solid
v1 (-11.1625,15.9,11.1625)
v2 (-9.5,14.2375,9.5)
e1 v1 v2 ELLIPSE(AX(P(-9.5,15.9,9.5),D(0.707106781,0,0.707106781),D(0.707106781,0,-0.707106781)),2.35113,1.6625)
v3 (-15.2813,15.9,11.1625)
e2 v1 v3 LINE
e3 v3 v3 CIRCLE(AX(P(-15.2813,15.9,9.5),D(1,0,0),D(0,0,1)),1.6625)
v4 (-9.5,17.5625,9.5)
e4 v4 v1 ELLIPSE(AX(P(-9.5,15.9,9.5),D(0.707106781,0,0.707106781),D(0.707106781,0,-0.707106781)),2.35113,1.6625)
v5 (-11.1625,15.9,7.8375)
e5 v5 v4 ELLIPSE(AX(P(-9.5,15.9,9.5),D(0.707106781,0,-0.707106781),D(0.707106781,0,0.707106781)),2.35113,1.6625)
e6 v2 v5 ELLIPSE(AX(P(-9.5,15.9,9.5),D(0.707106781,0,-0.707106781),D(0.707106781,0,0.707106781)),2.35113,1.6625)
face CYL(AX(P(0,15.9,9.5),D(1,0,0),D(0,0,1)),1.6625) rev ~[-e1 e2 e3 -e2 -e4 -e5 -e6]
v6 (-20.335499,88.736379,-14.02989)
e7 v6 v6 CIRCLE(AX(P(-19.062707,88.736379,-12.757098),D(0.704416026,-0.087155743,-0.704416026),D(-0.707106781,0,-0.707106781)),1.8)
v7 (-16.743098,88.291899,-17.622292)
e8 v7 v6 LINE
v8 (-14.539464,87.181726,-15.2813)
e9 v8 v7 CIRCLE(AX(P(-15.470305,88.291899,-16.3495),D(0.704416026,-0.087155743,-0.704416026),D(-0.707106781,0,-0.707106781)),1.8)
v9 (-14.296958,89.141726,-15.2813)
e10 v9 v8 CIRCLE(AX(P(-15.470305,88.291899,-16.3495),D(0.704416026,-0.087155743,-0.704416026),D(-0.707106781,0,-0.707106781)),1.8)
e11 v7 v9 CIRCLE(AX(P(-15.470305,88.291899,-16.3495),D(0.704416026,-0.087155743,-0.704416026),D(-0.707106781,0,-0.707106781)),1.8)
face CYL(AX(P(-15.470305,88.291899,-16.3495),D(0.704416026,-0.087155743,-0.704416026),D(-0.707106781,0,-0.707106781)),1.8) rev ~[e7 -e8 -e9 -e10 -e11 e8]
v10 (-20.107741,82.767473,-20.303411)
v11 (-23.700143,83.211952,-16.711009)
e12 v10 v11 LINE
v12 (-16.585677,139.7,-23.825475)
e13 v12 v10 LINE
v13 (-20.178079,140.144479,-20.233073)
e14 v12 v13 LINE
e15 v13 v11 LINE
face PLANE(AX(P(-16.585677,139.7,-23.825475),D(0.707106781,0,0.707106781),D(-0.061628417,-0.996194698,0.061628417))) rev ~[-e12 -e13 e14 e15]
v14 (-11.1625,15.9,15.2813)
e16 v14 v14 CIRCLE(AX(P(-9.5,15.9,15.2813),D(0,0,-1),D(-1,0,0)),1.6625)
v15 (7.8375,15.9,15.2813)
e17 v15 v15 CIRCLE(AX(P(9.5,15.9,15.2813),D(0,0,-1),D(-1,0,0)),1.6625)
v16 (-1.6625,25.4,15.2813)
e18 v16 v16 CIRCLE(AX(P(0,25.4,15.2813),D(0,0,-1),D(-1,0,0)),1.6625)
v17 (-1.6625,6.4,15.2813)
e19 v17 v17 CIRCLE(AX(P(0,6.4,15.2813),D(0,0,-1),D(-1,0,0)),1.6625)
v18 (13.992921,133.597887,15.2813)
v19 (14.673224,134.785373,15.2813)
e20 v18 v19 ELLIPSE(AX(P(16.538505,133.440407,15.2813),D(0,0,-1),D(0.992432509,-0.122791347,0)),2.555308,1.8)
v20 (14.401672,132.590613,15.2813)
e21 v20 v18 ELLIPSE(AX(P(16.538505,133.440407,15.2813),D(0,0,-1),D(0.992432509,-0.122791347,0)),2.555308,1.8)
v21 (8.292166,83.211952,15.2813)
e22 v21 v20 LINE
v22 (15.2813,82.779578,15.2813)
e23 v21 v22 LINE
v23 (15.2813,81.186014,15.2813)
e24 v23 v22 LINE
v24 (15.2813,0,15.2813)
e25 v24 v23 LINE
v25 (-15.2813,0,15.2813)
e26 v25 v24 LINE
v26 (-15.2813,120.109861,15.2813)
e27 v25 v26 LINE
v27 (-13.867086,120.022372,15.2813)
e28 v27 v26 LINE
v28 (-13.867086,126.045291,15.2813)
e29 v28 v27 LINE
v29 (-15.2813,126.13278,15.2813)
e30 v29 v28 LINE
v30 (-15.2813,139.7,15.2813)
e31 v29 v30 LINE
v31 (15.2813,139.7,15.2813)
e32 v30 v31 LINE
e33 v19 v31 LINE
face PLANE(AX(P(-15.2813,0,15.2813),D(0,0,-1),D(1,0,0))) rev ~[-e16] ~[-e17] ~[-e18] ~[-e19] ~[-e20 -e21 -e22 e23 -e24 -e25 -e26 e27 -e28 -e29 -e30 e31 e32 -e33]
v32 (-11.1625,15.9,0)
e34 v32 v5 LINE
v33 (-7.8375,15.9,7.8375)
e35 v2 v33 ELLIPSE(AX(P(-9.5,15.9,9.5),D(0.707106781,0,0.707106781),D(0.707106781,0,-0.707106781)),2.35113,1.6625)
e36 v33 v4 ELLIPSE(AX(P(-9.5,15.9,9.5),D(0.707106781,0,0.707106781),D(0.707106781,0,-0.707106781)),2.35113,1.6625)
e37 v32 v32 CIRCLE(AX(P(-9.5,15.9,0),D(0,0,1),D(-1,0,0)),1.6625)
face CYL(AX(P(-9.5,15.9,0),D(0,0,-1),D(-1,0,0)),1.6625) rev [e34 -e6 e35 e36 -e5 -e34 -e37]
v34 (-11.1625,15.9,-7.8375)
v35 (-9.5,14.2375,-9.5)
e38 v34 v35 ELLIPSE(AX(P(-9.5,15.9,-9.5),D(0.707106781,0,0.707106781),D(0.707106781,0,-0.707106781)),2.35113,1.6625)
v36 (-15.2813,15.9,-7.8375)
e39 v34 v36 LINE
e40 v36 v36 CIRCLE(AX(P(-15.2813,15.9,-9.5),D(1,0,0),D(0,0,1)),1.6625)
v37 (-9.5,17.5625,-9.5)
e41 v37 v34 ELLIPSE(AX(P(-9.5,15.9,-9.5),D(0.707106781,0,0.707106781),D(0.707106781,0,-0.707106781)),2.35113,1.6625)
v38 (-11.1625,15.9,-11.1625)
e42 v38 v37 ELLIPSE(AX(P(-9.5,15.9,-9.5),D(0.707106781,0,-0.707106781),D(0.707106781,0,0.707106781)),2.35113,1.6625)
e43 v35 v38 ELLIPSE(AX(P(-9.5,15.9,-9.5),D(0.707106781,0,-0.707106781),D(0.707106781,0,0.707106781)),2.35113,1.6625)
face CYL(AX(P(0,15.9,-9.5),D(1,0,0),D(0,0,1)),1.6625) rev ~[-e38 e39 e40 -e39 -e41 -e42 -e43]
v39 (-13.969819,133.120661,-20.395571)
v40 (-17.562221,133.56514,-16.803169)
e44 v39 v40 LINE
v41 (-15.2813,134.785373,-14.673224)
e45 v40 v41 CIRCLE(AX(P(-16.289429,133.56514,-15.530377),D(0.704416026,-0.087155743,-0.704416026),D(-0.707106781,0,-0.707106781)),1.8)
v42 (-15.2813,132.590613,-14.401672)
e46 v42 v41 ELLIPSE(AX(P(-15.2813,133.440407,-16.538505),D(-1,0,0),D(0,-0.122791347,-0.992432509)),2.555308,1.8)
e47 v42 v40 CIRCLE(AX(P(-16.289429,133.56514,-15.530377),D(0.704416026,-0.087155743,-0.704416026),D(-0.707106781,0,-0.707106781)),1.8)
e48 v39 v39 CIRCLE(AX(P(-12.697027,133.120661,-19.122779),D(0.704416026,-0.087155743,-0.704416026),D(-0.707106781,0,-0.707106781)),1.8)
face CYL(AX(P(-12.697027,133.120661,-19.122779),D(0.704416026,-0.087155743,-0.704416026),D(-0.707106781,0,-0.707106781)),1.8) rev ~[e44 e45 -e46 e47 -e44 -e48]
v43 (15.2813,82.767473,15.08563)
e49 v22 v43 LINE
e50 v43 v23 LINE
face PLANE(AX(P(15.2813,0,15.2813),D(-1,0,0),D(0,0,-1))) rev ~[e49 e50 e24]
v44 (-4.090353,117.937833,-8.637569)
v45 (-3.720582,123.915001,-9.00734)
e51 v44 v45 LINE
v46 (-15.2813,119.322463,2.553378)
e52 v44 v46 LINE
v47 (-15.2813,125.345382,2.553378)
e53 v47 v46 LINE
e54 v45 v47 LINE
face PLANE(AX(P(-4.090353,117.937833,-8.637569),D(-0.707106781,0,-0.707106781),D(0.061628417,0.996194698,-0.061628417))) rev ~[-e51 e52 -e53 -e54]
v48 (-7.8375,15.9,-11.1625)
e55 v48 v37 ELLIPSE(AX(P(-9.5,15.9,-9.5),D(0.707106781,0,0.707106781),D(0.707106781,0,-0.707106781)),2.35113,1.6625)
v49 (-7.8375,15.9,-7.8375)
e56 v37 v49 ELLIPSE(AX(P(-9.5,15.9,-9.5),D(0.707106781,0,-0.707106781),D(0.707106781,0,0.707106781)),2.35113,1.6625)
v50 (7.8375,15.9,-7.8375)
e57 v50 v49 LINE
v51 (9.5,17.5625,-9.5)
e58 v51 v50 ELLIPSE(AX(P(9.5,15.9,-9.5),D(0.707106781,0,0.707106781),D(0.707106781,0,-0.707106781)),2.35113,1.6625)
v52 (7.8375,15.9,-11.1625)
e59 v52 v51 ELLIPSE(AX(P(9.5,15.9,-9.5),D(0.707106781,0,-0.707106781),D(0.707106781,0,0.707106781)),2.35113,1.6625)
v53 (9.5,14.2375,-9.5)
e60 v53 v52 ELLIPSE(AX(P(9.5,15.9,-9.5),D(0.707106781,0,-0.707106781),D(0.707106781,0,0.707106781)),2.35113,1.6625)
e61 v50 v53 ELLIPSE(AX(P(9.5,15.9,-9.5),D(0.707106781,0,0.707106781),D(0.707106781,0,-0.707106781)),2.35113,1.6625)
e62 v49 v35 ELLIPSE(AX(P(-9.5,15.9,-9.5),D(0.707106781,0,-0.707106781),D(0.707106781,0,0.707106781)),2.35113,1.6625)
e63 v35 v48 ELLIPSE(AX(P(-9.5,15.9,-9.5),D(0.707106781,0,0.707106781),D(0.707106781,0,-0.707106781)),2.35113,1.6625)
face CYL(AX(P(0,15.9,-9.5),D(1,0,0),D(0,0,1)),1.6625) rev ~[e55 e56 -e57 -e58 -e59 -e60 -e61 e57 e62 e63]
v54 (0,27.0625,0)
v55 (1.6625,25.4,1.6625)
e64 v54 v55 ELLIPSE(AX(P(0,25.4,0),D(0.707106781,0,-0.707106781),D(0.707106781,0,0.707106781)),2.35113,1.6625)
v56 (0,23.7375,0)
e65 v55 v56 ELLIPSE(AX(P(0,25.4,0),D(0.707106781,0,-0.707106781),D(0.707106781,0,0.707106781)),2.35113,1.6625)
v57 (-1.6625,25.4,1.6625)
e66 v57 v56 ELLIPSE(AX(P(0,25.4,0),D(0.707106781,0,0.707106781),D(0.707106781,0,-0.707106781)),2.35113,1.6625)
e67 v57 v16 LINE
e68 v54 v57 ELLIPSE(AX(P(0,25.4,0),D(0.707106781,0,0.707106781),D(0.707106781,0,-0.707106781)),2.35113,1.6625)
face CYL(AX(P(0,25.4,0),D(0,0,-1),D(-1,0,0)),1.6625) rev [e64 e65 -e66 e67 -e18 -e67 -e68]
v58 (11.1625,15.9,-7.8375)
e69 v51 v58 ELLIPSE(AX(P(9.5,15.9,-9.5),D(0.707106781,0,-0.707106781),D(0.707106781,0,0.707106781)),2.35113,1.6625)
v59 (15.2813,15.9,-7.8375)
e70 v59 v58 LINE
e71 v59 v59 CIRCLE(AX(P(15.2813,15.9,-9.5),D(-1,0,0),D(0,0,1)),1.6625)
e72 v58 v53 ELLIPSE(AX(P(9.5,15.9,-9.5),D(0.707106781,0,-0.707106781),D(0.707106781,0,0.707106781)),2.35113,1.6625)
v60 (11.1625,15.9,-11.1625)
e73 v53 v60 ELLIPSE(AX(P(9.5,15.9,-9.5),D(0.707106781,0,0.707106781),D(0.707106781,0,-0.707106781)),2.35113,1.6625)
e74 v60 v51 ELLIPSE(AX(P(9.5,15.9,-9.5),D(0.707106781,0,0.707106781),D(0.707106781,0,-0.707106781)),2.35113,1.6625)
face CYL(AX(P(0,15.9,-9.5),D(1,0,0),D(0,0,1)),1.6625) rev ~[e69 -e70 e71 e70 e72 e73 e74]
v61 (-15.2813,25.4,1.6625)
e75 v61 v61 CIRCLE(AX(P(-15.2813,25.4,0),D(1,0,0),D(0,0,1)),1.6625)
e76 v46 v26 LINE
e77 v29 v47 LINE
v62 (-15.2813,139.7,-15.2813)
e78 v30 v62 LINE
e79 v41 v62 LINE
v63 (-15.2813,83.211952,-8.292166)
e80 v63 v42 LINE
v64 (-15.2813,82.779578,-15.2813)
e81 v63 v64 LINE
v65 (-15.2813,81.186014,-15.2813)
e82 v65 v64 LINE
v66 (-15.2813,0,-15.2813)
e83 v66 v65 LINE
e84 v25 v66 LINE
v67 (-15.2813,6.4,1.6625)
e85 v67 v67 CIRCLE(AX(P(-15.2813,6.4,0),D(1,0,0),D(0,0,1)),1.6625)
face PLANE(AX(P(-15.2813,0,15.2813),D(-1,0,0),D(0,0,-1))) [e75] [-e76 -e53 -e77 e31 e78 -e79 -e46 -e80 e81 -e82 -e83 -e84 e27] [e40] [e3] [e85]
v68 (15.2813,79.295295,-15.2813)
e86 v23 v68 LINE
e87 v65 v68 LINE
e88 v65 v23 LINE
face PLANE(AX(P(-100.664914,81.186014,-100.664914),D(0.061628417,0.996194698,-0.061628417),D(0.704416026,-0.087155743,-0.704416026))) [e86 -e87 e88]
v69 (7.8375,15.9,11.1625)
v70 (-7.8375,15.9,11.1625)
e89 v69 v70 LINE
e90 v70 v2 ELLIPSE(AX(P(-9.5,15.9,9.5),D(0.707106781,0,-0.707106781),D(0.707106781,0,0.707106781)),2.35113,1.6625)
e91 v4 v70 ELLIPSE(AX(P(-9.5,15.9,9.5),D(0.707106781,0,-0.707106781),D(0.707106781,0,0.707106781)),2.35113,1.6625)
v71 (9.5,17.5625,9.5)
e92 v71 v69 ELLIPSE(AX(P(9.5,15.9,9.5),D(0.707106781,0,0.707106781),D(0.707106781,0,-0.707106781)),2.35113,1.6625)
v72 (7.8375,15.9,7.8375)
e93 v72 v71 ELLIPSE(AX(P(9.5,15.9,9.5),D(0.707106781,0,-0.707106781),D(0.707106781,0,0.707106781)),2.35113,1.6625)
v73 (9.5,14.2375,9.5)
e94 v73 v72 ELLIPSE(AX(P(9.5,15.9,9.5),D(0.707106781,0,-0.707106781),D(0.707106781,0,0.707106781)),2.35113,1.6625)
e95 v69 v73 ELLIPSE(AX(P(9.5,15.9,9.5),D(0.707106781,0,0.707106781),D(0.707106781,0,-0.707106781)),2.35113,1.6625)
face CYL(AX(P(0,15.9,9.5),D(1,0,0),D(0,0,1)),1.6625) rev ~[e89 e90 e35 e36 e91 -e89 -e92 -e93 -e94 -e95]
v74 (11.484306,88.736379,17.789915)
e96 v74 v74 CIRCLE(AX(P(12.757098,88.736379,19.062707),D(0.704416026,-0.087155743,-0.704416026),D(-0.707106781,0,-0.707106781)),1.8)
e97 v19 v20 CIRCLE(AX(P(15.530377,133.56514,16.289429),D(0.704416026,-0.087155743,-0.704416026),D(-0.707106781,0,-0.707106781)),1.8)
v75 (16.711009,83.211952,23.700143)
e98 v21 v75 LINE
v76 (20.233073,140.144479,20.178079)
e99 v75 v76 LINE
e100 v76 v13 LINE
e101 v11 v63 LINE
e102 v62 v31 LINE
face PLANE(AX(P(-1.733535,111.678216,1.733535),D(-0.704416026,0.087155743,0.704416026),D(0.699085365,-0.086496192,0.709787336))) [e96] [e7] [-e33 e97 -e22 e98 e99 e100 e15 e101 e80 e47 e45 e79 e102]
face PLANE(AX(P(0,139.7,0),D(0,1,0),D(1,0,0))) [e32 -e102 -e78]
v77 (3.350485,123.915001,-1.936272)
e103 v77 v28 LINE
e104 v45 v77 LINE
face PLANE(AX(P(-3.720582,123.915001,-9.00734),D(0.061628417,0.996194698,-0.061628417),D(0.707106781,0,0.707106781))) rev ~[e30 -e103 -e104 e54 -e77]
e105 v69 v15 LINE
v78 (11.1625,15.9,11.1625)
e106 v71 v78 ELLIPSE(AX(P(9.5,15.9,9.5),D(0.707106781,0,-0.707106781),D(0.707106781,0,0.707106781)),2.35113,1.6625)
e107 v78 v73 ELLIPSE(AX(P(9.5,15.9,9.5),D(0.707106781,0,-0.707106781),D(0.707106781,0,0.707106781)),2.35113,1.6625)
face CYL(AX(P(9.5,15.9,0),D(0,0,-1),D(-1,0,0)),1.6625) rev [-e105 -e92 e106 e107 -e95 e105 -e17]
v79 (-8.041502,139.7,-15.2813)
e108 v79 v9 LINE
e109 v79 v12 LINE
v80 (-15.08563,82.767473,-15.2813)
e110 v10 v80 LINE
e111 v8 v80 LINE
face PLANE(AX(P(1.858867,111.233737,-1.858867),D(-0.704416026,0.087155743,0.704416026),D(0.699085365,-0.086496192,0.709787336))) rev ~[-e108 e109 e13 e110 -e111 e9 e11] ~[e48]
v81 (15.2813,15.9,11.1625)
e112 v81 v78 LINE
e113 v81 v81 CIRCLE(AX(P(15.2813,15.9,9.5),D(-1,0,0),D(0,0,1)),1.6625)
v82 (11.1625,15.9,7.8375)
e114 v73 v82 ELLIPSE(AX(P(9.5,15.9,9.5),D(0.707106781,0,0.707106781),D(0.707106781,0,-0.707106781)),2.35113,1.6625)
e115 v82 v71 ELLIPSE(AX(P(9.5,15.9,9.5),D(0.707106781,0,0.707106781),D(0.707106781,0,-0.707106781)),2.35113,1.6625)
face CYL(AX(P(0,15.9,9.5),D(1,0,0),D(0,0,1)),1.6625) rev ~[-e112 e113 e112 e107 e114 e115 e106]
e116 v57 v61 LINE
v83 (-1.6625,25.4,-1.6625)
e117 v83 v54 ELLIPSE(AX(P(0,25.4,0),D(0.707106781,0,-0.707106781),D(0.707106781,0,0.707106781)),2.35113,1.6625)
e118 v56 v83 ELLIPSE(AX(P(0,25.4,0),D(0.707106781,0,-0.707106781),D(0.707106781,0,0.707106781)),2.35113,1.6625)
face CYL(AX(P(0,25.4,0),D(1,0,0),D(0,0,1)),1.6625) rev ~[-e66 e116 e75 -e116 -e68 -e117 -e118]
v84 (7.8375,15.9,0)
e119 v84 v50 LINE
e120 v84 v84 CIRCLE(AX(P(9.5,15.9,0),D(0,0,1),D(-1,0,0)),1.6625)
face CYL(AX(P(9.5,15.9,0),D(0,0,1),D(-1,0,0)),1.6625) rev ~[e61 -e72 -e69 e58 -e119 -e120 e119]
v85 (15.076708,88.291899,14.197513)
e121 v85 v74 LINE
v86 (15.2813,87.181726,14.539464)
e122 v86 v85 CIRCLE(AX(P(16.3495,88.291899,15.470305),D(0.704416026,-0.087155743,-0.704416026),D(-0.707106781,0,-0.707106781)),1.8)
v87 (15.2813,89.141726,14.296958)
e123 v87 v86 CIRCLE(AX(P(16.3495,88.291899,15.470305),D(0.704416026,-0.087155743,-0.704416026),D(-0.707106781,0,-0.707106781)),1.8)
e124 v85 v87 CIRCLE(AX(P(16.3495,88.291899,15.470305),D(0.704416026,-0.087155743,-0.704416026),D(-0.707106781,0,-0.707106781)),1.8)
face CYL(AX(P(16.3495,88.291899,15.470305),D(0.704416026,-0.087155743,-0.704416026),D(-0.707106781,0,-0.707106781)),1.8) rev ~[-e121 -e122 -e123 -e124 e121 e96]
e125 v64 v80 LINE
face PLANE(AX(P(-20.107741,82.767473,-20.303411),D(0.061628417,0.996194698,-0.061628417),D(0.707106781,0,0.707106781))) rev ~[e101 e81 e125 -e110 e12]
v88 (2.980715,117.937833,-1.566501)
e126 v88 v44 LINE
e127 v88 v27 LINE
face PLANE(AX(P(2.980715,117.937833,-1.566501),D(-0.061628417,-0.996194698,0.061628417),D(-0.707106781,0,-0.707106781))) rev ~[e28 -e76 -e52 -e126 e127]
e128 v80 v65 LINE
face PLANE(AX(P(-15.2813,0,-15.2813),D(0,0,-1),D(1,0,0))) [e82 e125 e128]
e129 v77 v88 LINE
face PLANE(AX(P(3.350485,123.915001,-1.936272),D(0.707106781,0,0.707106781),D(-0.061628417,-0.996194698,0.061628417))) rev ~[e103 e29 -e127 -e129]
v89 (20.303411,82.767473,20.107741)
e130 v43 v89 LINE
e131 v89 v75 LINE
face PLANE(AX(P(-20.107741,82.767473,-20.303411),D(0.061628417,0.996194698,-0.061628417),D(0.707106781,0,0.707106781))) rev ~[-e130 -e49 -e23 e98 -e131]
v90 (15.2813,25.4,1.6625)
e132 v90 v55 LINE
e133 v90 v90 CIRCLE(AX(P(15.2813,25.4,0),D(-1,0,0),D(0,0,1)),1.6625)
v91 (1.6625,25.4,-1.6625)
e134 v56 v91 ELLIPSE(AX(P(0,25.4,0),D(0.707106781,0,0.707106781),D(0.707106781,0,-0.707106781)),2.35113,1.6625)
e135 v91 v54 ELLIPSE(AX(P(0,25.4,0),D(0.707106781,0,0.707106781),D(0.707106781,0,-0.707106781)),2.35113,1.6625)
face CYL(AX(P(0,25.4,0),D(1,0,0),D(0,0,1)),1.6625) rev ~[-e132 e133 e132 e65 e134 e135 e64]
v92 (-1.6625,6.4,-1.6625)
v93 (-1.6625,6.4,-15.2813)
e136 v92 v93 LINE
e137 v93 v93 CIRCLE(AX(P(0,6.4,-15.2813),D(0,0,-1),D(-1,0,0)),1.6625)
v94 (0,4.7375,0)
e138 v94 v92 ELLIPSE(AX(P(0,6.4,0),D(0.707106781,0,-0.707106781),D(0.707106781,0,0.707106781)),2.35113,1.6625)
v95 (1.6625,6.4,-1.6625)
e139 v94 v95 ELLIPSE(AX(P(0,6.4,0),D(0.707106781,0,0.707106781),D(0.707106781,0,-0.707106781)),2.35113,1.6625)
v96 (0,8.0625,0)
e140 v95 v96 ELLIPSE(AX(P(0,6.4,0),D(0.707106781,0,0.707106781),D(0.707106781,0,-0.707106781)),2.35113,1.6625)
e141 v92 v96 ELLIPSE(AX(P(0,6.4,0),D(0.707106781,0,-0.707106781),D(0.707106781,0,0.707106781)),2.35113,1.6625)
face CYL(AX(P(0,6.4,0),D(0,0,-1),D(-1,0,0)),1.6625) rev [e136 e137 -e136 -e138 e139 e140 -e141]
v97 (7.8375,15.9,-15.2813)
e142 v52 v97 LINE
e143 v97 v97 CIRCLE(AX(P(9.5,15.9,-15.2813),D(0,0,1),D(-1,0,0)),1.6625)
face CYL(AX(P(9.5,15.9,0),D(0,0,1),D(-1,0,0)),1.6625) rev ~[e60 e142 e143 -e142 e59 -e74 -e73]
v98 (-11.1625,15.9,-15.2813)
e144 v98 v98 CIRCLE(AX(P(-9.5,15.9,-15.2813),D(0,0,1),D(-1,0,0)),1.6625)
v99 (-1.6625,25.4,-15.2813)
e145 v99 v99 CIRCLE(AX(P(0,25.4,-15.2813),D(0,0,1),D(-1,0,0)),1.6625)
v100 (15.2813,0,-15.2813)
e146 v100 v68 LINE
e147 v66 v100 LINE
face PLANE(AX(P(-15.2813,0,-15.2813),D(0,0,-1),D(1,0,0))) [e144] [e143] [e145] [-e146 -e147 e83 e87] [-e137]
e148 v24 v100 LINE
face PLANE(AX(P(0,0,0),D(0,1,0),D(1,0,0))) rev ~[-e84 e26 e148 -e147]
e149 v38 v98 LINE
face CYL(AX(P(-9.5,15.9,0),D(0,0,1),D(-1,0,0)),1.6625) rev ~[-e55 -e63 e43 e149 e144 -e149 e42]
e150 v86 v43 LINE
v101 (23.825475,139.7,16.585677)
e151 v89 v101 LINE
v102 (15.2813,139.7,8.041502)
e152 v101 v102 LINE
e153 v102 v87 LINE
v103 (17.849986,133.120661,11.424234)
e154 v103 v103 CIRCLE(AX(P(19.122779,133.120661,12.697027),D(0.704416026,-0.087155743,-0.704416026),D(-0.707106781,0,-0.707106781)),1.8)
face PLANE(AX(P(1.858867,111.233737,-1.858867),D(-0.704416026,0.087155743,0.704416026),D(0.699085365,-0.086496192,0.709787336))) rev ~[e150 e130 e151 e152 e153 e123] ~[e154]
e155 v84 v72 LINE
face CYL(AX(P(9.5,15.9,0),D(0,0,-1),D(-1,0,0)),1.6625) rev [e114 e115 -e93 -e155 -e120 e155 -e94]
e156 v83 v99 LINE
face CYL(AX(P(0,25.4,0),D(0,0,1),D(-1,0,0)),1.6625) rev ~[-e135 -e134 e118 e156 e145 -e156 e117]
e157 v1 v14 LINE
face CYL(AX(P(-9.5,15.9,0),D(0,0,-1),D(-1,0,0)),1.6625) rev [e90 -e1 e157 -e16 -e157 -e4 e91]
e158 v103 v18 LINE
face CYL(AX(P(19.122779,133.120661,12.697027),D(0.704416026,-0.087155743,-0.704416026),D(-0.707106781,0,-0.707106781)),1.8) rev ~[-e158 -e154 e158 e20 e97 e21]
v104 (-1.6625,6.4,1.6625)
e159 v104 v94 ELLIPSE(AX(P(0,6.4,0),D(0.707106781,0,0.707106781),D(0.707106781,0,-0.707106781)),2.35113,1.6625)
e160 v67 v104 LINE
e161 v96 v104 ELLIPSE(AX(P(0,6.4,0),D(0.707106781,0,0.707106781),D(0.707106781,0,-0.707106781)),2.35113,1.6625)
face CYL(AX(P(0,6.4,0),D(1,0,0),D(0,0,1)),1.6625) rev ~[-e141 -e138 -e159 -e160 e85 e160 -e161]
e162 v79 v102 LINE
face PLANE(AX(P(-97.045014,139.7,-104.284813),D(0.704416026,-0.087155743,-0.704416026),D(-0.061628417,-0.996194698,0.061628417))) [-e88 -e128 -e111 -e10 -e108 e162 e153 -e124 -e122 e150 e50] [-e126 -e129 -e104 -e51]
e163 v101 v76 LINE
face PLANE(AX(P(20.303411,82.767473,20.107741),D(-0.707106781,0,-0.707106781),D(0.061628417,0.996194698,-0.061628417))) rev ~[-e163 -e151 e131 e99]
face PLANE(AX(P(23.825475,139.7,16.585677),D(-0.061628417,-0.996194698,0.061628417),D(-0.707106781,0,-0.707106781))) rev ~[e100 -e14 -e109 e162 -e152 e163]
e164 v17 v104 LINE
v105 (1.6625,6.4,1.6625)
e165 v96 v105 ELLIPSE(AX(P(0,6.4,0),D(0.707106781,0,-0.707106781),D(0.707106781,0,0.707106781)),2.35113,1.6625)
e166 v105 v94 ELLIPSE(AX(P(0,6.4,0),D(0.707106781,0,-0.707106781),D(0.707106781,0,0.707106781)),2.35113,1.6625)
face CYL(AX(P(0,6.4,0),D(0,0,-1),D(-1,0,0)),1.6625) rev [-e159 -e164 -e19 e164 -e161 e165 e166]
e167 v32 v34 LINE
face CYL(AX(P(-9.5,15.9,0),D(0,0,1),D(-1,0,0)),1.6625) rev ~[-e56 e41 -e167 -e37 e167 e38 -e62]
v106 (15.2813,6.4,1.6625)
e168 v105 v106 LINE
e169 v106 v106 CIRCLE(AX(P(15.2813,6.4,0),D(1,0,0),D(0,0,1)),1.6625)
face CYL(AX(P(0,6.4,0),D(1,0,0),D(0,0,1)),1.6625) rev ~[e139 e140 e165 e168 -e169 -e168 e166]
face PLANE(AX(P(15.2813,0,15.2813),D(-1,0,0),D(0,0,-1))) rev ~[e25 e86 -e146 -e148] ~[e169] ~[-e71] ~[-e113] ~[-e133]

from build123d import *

# Parameters (mm, degrees)
SKETCH1_W               = 30.562599784
SKETCH1_H               = 30.562599784
BOSS_EXTRUDE1_DEPTH     = 139.7
CUT_EXTRUDE1_DEPTH      = 142.361685943
CUT_EXTRUDE1_DEPTH_BACK = 142.361685943
BOSS_EXTRUDE2_DEPTH     = 5.09983
SKETCH5_R               = 1.8
CUT_EXTRUDE2_DEPTH      = 146.354775845
SKETCH6_R               = 1.662500104
CUT_EXTRUDE3_DEPTH      = 145.138064655


with BuildPart() as part:
    # Sketch1 → Boss-Extrude1 (new body)
    with BuildSketch(Plane(origin=(0, 0, 0), x_dir=(1, 0, 0), z_dir=(0, 1, 0))):
        Rectangle(SKETCH1_W, SKETCH1_H)
    extrude(amount=BOSS_EXTRUDE1_DEPTH)

    # Sketch2 → Cut-Extrude1 (cut, two sides: drawn at the far end of the back side and taken through both)
    with BuildSketch(Plane(origin=(0, 0, 0), x_dir=(0.7071067811865477, 0, -0.7071067811865475), z_dir=(0.7071067811865475, 0, 0.7071067811865477)).offset(-CUT_EXTRUDE1_DEPTH_BACK)):
        Polygon((5.11931044, 139.7), (0, 81.186013921), (21.611021558, 79.295294527), (21.611021558, 139.7), align=None)
    extrude(amount=CUT_EXTRUDE1_DEPTH + CUT_EXTRUDE1_DEPTH_BACK, mode=Mode.SUBTRACT)

    # Sketch4 → Boss-Extrude2 (add)
    with BuildSketch(Plane(origin=(-4.984326181, 0.616698988, 4.984326181), x_dir=(-0.6990853645605906, 0.08649619246092877, -0.7097873355780225), z_dir=(0.704416026402759, -0.08715574274765817, -0.7044160264027586))):
        Polygon((-16.344826658, 141.568383735), (40.589342943, 136.606243895), (35.627203104, 79.672074294), (-21.306966498, 84.634214133), align=None)
    extrude(amount=-BOSS_EXTRUDE2_DEPTH)

    # Sketch5 → Cut-Extrude2 (cut, through all)
    with BuildSketch(Plane(origin=(-4.984326181, 0.616698988, 4.984326181), x_dir=(-0.6990853645605907, 0.08649619246092867, -0.7097873355780224), z_dir=(0.7044160264027588, -0.08715574274765812, -0.7044160264027586))):
        with Locations(Location((33.963841811, 130.554186497, 0), (0, 0, 355.018930606))):
            Circle(SKETCH5_R)
        with Locations(Location((-10.866212993, 134.461383221, 0), (0, 0, 355.018930606))):
            Circle(SKETCH5_R)
        with Locations(Location((-14.773409717, 89.631328416, 0), (0, 0, 355.018930606))):
            Circle(SKETCH5_R)
        with Locations(Location((30.056645087, 85.724131693, 0), (0, 0, 355.018930606))):
            Circle(SKETCH5_R)
        Polygon((19.712476114, 122.520420225), (9.750241713, 123.388686164), (9.22928215, 117.411345523), (19.191516551, 116.543079585), align=None)
    extrude(amount=-CUT_EXTRUDE2_DEPTH, mode=Mode.SUBTRACT)

    # Sketch6 → Cut-Extrude3 (cut, symmetric)
    with BuildSketch(Plane(origin=(0, 0, 0), x_dir=(0, 0, -1), z_dir=(1, 0, 0))):
        with Locations(Location((0, 25.4, 0), (0, 0, 180))):
            Circle(SKETCH6_R)
        with Locations(Location((-9.5, 15.9, 0), (0, 0, 180))):
            Circle(SKETCH6_R)
        with Locations(Location((9.5, 15.9, 0), (0, 0, 180))):
            Circle(SKETCH6_R)
        with Locations(Location((0, 6.4, 0), (0, 0, 180))):
            Circle(SKETCH6_R)
    cut_extrude3 = extrude(amount=CUT_EXTRUDE3_DEPTH, both=True, mode=Mode.SUBTRACT)

    # Mirror1: Cut-Extrude3 across plane
    add(cut_extrude3.mirror(Plane(origin=(0, 0, 0), x_dir=(-0.7071067811865478, 0, 0.7071067811865472), z_dir=(0.7071067811865475, 0, 0.7071067811865477))), mode=Mode.SUBTRACT)


solid = part.part
